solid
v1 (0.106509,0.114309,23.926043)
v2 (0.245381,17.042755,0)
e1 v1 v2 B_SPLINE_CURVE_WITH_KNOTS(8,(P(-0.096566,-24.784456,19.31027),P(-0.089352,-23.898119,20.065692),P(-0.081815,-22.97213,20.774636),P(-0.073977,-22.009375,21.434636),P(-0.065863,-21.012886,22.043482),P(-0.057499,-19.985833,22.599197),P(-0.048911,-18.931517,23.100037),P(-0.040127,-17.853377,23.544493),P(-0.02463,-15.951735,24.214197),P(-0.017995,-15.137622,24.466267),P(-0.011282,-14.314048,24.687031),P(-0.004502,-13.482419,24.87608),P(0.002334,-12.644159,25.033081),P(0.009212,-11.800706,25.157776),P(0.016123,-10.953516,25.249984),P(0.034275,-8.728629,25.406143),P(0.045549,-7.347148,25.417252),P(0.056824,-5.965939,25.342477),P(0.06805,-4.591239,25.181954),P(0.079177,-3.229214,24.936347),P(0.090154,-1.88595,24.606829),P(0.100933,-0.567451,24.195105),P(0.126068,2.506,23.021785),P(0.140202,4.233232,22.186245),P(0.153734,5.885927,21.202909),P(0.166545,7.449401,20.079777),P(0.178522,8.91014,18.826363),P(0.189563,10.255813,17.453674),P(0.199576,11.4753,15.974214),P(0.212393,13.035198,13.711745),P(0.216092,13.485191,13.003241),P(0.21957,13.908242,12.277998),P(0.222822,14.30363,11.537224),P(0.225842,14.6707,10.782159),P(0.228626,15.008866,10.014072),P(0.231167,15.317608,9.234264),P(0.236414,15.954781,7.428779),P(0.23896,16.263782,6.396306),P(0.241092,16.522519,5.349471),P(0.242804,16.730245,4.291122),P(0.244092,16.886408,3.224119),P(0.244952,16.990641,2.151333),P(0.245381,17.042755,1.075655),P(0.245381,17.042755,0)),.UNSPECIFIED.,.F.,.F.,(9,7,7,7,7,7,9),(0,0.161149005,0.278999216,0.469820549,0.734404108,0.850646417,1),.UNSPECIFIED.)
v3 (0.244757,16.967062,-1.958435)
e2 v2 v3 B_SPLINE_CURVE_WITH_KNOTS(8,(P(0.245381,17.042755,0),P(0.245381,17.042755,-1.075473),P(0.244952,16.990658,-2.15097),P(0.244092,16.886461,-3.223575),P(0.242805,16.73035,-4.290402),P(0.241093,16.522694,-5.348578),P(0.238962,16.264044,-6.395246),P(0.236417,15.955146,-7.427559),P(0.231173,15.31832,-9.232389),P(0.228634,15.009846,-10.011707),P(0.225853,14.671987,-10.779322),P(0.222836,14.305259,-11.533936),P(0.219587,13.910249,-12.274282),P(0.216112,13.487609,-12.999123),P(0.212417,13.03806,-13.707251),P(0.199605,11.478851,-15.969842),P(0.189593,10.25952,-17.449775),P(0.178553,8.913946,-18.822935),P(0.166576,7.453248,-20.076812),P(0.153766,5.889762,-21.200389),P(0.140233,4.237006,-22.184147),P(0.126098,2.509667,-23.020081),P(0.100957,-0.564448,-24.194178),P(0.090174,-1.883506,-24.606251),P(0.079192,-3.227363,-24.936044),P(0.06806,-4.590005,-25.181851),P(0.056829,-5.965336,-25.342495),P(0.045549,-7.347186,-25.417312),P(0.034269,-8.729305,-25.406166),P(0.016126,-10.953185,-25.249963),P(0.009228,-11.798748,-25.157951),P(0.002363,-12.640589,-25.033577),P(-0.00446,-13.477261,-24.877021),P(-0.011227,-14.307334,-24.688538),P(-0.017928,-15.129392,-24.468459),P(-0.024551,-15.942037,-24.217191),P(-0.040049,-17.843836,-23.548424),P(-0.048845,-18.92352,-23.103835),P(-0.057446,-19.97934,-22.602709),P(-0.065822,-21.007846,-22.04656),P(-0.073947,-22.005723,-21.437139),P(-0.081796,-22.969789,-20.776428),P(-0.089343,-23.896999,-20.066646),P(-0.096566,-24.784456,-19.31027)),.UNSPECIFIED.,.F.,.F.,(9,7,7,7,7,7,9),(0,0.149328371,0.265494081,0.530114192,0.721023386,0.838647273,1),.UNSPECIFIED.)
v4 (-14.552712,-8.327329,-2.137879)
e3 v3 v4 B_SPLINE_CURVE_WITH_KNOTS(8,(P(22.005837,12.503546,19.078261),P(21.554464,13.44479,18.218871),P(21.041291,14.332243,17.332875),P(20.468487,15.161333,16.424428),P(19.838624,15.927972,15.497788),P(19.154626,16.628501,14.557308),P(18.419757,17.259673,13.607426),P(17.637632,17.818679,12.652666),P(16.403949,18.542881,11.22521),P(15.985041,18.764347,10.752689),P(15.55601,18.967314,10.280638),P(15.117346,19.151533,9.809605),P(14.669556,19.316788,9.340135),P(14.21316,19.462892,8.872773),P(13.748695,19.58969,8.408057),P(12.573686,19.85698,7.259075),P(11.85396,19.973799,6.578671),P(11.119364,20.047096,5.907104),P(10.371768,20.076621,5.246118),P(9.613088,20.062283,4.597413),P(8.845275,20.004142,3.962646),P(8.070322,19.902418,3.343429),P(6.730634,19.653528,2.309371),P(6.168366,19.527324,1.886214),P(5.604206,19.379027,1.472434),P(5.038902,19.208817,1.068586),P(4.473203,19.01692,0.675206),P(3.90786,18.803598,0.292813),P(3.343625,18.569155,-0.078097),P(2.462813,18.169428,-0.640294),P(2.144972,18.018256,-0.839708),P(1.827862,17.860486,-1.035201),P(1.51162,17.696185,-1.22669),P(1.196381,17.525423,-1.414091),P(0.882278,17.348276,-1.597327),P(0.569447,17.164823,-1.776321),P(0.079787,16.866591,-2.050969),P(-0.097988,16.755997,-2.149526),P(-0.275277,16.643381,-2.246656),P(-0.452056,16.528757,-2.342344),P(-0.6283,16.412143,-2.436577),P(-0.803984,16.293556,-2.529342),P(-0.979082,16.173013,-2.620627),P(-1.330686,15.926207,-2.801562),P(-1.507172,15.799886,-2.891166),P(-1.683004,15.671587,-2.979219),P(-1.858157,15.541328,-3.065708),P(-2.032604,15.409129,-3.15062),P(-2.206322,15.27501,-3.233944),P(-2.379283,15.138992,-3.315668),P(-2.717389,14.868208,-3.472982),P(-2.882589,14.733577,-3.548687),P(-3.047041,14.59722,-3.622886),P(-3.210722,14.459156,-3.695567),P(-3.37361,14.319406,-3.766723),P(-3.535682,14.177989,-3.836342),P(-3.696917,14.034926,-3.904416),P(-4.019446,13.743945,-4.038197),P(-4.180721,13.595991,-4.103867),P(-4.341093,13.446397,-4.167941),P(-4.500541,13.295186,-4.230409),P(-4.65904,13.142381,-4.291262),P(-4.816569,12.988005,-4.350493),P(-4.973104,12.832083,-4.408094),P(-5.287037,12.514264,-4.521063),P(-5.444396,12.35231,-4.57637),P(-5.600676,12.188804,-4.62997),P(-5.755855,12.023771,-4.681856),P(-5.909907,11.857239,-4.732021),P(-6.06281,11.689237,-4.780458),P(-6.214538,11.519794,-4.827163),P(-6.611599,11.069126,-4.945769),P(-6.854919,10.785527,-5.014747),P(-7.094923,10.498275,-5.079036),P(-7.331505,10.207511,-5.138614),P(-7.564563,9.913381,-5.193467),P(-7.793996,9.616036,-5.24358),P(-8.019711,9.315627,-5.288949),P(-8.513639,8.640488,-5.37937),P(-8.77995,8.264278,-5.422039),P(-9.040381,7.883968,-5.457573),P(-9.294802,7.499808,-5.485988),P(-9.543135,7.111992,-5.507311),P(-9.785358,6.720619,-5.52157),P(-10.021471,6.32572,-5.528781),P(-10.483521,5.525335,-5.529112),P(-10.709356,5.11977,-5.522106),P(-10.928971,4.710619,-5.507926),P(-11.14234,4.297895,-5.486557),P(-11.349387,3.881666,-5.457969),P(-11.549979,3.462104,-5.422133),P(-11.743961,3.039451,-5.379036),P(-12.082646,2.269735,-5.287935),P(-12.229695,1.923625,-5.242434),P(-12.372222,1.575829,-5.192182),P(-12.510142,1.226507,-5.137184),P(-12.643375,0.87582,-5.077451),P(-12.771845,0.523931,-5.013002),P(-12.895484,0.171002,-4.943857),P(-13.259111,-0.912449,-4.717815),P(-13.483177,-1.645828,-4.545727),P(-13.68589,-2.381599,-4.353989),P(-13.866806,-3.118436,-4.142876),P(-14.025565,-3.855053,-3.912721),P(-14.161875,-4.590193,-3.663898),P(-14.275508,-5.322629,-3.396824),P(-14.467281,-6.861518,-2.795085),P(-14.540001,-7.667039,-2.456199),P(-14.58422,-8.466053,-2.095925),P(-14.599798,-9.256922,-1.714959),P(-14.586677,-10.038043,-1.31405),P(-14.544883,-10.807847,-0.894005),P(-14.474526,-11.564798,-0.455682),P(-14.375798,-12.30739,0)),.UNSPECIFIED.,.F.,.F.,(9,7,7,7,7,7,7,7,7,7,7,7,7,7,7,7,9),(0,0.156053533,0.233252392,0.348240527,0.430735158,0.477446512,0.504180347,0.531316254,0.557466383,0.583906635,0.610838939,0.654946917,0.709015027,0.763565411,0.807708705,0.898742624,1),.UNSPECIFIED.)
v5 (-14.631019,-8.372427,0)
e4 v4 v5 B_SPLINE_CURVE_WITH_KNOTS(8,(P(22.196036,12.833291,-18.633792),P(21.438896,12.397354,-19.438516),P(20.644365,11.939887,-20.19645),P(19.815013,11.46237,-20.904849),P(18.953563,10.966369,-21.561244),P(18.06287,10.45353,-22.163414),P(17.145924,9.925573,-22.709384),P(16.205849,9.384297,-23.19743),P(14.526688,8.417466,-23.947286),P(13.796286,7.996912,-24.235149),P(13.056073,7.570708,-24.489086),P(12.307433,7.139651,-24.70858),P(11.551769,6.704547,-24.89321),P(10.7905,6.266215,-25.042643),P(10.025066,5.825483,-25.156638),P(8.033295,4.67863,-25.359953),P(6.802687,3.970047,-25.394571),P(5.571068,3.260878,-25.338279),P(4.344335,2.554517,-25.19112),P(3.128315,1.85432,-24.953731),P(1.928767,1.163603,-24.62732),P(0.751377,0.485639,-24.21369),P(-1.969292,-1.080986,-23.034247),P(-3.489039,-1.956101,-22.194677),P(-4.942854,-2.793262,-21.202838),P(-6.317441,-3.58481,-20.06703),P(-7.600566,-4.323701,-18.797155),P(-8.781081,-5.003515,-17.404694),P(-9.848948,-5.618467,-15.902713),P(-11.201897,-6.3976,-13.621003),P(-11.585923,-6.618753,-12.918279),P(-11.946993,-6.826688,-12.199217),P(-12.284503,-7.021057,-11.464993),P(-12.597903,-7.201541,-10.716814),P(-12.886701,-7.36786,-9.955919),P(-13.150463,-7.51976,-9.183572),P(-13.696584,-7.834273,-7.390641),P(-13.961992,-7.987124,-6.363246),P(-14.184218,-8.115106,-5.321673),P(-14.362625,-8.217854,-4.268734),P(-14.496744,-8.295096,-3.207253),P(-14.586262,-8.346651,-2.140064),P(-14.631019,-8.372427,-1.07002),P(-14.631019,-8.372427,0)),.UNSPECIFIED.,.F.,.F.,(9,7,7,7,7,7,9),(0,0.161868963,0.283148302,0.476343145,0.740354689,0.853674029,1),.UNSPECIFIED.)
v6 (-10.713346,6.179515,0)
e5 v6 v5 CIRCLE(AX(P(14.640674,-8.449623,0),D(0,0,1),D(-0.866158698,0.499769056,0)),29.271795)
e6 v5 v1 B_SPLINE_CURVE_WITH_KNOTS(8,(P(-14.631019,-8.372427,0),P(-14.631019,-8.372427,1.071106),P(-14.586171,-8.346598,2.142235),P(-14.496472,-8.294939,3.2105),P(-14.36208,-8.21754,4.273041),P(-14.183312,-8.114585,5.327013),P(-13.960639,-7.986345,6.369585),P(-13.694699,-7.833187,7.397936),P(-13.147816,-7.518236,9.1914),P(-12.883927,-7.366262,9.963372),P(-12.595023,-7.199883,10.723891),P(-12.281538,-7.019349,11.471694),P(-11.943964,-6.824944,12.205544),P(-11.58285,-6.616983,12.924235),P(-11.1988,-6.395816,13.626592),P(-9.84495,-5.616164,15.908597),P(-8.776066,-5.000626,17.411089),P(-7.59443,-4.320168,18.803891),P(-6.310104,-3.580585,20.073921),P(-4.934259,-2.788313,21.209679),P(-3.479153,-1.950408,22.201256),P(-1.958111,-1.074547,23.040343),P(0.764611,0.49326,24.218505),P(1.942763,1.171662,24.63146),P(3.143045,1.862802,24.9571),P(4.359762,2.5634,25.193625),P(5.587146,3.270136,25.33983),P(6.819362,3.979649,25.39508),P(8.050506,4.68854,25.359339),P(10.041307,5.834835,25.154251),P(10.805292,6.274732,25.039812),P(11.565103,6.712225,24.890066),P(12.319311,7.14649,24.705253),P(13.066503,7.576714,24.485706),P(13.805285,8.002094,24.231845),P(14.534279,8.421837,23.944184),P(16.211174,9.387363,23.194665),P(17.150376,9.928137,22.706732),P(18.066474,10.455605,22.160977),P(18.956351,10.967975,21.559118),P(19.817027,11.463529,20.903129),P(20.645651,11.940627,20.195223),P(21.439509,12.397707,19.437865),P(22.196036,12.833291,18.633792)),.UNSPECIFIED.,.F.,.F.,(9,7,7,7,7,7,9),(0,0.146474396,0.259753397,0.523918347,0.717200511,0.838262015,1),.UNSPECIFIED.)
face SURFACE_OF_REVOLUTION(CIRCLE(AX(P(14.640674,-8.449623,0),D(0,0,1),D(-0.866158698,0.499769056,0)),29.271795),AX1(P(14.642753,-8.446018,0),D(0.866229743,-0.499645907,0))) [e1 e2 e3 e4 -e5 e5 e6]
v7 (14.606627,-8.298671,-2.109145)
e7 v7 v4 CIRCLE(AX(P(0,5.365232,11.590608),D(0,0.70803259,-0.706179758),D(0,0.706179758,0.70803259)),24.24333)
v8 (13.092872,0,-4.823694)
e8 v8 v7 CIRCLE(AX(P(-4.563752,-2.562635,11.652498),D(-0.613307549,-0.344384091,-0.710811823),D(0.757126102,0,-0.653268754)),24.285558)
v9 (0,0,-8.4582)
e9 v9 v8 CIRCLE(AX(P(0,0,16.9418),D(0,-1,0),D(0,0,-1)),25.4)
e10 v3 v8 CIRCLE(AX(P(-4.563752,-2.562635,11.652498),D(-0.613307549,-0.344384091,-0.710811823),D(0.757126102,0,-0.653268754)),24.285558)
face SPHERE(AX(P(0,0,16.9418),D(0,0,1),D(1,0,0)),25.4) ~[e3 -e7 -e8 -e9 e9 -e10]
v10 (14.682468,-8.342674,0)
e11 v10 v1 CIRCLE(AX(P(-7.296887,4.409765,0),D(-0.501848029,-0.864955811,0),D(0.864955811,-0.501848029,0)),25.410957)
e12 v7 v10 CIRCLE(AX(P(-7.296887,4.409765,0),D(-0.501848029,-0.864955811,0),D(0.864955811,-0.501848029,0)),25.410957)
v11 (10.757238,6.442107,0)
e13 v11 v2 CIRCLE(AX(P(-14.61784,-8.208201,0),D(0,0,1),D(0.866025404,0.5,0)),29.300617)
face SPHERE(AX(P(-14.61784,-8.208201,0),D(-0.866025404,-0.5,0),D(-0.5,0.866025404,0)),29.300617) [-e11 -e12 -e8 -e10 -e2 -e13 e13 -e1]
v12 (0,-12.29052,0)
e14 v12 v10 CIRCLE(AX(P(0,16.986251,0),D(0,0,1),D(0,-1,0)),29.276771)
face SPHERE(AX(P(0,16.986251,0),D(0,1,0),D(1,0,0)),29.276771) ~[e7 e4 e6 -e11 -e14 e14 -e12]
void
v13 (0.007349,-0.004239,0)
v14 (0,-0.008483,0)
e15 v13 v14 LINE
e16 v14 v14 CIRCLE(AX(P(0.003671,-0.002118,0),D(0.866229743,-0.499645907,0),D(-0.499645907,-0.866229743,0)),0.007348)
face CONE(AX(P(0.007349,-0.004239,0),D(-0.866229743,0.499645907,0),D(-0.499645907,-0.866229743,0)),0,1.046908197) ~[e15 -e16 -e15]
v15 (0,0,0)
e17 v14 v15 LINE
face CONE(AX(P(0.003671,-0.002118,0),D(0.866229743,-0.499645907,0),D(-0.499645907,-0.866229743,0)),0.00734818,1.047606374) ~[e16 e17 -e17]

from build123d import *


with BuildPart() as f5:
    # F4 (on Front) → F5 (revolve)
    with BuildSketch(Plane.XZ):
        with BuildLine():
            Line((0, 16.9418), (0, 0))
            Line((0, 0), (0, -8.4582))
            ThreePointArc((0, -8.4582), (25.4, 16.9418), (0, 42.3418))
            Line((0, 42.3418), (0, 16.9418))
        make_face()
    revolve(axis=Axis((0, 0, 16.9418), (0, 0, -1)))

    # F2 (on Top) → F6 (revolve, intersect)
    with BuildSketch(Plane.XY):
        with BuildLine():
            Line((0, 46.263021417), (0, -12.2905196622))
            ThreePointArc((0, -12.2905196622), (29.2767705396, 16.9862508774), (0, 46.263021417))
        make_face()
    revolve(axis=Axis((0, 16.9862508774, 0), (0, -1, 0)), mode=Mode.INTERSECT)

    # F3 (on Top) → F8 (revolve, intersect)
    with BuildSketch(Plane.XY):
        with BuildLine():
            Line((-39.9929191695, -22.8585096233), (10.7572382071, 6.4421073995))
            ThreePointArc((10.7572382071, 6.4421073995), (-29.2681489926, 17.1668775764), (-39.9929191695, -22.8585096233))
        make_face()
    revolve(axis=Axis((-14.6178404812, -8.2082011119, 0), (-0.8660254038, -0.5, 0)), mode=Mode.INTERSECT)

    # F1 (on Top) → F9 (revolve, intersect)
    with BuildSketch(Plane.XY):
        with BuildLine():
            Line((0, -0.0084829462), (0, 0))
            Line((0, 0), (-10.7133459402, 6.179514724))
            ThreePointArc((-10.7133459402, 6.179514724), (0.0151414181, -33.805722394), (39.9988528315, -23.0715503257))
            Line((39.9988528315, -23.0715503257), (14.6406725481, -8.4448175281))
            Line((14.6406725481, -8.4448175281), (0.0073489014, -0.0042388853))
            Line((0.0073489014, -0.0042388853), (0, -0.0084829462))
        make_face()
    revolve(axis=Axis((14.6427534456, -8.4460178008, 0), (0.8662297429, -0.4996459071, 0)), mode=Mode.INTERSECT)


solid = f5.part
